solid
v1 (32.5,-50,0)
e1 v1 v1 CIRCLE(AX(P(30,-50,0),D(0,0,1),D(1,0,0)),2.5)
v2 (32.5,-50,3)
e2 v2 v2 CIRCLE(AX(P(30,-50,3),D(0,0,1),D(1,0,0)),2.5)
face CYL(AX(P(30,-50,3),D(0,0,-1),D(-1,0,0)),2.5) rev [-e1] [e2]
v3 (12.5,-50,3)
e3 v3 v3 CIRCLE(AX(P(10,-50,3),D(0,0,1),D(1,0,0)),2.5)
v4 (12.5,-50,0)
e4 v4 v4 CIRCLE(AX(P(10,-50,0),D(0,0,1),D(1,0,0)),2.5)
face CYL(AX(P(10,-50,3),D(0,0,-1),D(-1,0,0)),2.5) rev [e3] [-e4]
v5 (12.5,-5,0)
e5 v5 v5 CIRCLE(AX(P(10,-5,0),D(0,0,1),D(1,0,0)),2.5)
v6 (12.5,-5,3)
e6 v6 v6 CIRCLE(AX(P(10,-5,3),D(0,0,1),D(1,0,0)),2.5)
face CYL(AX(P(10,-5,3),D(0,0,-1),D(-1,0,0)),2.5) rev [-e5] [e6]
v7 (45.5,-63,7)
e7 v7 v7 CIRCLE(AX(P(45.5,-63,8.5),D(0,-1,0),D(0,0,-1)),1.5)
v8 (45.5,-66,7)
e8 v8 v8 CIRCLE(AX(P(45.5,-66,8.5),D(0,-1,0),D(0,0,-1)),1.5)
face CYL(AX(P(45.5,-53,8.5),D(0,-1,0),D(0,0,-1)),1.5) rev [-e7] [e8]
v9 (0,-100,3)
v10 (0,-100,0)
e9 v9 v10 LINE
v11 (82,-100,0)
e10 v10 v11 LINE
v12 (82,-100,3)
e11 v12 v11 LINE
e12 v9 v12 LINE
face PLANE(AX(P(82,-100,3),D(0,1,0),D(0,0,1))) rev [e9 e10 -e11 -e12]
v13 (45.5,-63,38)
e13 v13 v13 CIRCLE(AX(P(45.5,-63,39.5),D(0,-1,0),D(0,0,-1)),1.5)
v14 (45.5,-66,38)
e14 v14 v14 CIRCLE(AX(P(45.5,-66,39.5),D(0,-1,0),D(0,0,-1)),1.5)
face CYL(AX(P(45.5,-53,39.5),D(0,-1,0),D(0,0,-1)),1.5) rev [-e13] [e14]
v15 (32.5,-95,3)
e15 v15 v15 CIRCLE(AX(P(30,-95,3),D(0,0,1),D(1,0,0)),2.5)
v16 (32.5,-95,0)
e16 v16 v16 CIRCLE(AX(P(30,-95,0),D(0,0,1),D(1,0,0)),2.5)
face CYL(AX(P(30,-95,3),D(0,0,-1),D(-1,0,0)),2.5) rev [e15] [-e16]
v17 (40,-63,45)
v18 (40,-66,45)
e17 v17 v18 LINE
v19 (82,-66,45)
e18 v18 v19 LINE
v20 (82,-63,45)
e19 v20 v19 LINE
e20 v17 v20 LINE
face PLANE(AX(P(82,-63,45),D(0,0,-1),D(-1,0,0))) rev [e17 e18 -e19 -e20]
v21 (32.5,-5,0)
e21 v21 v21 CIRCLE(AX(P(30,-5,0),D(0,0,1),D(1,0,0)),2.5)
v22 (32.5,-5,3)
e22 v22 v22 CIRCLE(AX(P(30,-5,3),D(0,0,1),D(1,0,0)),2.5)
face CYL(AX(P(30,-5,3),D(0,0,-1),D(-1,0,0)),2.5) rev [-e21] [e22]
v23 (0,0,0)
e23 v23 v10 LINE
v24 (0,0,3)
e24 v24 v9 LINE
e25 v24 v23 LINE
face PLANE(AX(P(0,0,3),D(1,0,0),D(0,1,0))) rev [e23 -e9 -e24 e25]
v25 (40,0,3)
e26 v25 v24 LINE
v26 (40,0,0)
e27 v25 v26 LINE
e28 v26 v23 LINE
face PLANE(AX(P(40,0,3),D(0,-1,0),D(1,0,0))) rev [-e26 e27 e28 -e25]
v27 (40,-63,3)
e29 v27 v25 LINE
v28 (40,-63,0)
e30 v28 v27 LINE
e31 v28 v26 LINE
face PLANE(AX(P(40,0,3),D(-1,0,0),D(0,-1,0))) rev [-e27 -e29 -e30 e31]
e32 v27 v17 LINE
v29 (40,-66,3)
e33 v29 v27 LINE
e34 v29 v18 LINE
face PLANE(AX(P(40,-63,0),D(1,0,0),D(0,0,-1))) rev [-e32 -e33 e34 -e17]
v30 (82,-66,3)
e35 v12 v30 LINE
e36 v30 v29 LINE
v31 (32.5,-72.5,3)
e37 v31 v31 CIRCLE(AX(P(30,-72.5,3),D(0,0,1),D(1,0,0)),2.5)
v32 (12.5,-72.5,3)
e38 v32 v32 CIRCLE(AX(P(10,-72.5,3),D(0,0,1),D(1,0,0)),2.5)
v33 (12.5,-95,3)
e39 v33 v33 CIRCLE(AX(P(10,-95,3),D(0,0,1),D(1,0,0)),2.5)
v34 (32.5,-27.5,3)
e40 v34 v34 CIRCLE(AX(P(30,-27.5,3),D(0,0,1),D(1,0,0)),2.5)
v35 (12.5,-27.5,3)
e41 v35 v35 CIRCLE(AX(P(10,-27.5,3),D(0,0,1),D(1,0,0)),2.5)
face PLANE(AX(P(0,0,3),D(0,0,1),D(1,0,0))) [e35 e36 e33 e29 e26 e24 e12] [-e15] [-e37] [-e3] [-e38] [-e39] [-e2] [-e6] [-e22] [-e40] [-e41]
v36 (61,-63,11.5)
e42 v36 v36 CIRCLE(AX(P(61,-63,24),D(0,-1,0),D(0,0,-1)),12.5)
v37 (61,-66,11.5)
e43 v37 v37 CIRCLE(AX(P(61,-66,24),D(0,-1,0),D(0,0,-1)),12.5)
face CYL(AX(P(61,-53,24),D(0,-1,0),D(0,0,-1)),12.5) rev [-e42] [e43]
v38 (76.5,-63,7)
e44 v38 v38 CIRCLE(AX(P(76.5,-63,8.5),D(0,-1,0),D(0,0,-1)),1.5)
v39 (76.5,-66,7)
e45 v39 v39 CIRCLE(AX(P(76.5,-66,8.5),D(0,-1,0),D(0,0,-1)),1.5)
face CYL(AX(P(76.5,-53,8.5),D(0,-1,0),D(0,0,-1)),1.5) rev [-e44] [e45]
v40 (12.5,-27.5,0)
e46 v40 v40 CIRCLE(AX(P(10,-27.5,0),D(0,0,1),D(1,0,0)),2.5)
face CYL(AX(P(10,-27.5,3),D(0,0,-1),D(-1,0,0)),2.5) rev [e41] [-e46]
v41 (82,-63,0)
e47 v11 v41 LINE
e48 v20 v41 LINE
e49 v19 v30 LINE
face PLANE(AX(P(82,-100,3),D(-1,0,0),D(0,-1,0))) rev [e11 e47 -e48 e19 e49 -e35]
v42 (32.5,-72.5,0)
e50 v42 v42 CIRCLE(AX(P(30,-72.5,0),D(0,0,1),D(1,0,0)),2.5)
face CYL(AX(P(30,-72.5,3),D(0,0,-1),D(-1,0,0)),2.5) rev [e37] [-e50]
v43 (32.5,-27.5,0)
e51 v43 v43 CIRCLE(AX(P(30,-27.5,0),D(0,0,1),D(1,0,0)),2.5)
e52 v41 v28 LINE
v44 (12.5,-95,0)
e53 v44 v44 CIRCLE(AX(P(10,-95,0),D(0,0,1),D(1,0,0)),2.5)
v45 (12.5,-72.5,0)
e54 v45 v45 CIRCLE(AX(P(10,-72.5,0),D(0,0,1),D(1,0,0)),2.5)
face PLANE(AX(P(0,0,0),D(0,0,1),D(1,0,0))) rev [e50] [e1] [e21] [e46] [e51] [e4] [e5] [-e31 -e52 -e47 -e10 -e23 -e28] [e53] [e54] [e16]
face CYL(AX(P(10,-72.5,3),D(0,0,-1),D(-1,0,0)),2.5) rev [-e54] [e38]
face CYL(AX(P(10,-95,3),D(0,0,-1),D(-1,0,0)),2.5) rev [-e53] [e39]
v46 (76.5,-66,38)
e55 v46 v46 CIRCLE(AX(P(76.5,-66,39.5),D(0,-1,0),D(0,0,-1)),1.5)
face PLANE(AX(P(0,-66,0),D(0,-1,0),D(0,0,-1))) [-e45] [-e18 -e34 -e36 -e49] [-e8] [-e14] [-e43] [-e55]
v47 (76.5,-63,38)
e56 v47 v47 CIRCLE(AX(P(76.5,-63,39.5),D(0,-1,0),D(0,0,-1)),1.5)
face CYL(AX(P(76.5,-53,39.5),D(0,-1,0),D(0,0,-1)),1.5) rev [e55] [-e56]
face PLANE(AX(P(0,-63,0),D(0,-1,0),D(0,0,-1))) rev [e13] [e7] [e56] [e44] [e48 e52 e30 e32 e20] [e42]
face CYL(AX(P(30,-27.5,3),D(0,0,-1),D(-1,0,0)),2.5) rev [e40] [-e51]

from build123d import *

# Parameters (mm, degrees)
SKETCH1_R           = 2.5
BOSS_EXTRUDE1_DEPTH = 3
SKETCH2_W           = 42
SKETCH2_H           = 45
BOSS_EXTRUDE2_DEPTH = 3
SKETCH3_R           = 12.5
SKETCH3_R_2         = 1.5
CUT_EXTRUDE1_DEPTH  = 13


with BuildPart() as part:
    # Sketch1 → Boss-Extrude1 (new body)
    with BuildSketch(Plane.XY):
        Polygon((40, 0), (0, 0), (0, -100), (82, -100), (82, -66), (40, -66), align=None)
        with Locations((30, -5)):
            Circle(SKETCH1_R, mode=Mode.SUBTRACT)
        with Locations((10, -5)):
            Circle(SKETCH1_R, mode=Mode.SUBTRACT)
        with Locations((10, -27.5)):
            Circle(SKETCH1_R, mode=Mode.SUBTRACT)
        with Locations((10, -50)):
            Circle(SKETCH1_R, mode=Mode.SUBTRACT)
        with Locations((10, -72.5)):
            Circle(SKETCH1_R, mode=Mode.SUBTRACT)
        with Locations((10, -95)):
            Circle(SKETCH1_R, mode=Mode.SUBTRACT)
        with Locations((30, -27.5)):
            Circle(SKETCH1_R, mode=Mode.SUBTRACT)
        with Locations((30, -50)):
            Circle(SKETCH1_R, mode=Mode.SUBTRACT)
        with Locations((30, -72.5)):
            Circle(SKETCH1_R, mode=Mode.SUBTRACT)
        with Locations((30, -95)):
            Circle(SKETCH1_R, mode=Mode.SUBTRACT)
    extrude(amount=BOSS_EXTRUDE1_DEPTH)

    # Sketch2 → Boss-Extrude2 (add)
    with BuildSketch(Plane(origin=(0, -66, 0), x_dir=(1, 0, 0), z_dir=(0, 1, 0))):
        with Locations((61, -22.5)):
            Rectangle(SKETCH2_W, SKETCH2_H)
    extrude(amount=BOSS_EXTRUDE2_DEPTH)

    # Sketch3 → Cut-Extrude1 (cut)
    with BuildSketch(Plane.XZ.offset(66)):
        with Locations((61, 24)):
            Circle(SKETCH3_R)
        with Locations((45.5, 39.5)):
            Circle(SKETCH3_R_2)
        with Locations((45.5, 8.5)):
            Circle(SKETCH3_R_2)
        with Locations((76.5, 8.5)):
            Circle(SKETCH3_R_2)
        with Locations((76.5, 39.5)):
            Circle(SKETCH3_R_2)
    extrude(amount=-CUT_EXTRUDE1_DEPTH, mode=Mode.SUBTRACT)


solid = part.part
